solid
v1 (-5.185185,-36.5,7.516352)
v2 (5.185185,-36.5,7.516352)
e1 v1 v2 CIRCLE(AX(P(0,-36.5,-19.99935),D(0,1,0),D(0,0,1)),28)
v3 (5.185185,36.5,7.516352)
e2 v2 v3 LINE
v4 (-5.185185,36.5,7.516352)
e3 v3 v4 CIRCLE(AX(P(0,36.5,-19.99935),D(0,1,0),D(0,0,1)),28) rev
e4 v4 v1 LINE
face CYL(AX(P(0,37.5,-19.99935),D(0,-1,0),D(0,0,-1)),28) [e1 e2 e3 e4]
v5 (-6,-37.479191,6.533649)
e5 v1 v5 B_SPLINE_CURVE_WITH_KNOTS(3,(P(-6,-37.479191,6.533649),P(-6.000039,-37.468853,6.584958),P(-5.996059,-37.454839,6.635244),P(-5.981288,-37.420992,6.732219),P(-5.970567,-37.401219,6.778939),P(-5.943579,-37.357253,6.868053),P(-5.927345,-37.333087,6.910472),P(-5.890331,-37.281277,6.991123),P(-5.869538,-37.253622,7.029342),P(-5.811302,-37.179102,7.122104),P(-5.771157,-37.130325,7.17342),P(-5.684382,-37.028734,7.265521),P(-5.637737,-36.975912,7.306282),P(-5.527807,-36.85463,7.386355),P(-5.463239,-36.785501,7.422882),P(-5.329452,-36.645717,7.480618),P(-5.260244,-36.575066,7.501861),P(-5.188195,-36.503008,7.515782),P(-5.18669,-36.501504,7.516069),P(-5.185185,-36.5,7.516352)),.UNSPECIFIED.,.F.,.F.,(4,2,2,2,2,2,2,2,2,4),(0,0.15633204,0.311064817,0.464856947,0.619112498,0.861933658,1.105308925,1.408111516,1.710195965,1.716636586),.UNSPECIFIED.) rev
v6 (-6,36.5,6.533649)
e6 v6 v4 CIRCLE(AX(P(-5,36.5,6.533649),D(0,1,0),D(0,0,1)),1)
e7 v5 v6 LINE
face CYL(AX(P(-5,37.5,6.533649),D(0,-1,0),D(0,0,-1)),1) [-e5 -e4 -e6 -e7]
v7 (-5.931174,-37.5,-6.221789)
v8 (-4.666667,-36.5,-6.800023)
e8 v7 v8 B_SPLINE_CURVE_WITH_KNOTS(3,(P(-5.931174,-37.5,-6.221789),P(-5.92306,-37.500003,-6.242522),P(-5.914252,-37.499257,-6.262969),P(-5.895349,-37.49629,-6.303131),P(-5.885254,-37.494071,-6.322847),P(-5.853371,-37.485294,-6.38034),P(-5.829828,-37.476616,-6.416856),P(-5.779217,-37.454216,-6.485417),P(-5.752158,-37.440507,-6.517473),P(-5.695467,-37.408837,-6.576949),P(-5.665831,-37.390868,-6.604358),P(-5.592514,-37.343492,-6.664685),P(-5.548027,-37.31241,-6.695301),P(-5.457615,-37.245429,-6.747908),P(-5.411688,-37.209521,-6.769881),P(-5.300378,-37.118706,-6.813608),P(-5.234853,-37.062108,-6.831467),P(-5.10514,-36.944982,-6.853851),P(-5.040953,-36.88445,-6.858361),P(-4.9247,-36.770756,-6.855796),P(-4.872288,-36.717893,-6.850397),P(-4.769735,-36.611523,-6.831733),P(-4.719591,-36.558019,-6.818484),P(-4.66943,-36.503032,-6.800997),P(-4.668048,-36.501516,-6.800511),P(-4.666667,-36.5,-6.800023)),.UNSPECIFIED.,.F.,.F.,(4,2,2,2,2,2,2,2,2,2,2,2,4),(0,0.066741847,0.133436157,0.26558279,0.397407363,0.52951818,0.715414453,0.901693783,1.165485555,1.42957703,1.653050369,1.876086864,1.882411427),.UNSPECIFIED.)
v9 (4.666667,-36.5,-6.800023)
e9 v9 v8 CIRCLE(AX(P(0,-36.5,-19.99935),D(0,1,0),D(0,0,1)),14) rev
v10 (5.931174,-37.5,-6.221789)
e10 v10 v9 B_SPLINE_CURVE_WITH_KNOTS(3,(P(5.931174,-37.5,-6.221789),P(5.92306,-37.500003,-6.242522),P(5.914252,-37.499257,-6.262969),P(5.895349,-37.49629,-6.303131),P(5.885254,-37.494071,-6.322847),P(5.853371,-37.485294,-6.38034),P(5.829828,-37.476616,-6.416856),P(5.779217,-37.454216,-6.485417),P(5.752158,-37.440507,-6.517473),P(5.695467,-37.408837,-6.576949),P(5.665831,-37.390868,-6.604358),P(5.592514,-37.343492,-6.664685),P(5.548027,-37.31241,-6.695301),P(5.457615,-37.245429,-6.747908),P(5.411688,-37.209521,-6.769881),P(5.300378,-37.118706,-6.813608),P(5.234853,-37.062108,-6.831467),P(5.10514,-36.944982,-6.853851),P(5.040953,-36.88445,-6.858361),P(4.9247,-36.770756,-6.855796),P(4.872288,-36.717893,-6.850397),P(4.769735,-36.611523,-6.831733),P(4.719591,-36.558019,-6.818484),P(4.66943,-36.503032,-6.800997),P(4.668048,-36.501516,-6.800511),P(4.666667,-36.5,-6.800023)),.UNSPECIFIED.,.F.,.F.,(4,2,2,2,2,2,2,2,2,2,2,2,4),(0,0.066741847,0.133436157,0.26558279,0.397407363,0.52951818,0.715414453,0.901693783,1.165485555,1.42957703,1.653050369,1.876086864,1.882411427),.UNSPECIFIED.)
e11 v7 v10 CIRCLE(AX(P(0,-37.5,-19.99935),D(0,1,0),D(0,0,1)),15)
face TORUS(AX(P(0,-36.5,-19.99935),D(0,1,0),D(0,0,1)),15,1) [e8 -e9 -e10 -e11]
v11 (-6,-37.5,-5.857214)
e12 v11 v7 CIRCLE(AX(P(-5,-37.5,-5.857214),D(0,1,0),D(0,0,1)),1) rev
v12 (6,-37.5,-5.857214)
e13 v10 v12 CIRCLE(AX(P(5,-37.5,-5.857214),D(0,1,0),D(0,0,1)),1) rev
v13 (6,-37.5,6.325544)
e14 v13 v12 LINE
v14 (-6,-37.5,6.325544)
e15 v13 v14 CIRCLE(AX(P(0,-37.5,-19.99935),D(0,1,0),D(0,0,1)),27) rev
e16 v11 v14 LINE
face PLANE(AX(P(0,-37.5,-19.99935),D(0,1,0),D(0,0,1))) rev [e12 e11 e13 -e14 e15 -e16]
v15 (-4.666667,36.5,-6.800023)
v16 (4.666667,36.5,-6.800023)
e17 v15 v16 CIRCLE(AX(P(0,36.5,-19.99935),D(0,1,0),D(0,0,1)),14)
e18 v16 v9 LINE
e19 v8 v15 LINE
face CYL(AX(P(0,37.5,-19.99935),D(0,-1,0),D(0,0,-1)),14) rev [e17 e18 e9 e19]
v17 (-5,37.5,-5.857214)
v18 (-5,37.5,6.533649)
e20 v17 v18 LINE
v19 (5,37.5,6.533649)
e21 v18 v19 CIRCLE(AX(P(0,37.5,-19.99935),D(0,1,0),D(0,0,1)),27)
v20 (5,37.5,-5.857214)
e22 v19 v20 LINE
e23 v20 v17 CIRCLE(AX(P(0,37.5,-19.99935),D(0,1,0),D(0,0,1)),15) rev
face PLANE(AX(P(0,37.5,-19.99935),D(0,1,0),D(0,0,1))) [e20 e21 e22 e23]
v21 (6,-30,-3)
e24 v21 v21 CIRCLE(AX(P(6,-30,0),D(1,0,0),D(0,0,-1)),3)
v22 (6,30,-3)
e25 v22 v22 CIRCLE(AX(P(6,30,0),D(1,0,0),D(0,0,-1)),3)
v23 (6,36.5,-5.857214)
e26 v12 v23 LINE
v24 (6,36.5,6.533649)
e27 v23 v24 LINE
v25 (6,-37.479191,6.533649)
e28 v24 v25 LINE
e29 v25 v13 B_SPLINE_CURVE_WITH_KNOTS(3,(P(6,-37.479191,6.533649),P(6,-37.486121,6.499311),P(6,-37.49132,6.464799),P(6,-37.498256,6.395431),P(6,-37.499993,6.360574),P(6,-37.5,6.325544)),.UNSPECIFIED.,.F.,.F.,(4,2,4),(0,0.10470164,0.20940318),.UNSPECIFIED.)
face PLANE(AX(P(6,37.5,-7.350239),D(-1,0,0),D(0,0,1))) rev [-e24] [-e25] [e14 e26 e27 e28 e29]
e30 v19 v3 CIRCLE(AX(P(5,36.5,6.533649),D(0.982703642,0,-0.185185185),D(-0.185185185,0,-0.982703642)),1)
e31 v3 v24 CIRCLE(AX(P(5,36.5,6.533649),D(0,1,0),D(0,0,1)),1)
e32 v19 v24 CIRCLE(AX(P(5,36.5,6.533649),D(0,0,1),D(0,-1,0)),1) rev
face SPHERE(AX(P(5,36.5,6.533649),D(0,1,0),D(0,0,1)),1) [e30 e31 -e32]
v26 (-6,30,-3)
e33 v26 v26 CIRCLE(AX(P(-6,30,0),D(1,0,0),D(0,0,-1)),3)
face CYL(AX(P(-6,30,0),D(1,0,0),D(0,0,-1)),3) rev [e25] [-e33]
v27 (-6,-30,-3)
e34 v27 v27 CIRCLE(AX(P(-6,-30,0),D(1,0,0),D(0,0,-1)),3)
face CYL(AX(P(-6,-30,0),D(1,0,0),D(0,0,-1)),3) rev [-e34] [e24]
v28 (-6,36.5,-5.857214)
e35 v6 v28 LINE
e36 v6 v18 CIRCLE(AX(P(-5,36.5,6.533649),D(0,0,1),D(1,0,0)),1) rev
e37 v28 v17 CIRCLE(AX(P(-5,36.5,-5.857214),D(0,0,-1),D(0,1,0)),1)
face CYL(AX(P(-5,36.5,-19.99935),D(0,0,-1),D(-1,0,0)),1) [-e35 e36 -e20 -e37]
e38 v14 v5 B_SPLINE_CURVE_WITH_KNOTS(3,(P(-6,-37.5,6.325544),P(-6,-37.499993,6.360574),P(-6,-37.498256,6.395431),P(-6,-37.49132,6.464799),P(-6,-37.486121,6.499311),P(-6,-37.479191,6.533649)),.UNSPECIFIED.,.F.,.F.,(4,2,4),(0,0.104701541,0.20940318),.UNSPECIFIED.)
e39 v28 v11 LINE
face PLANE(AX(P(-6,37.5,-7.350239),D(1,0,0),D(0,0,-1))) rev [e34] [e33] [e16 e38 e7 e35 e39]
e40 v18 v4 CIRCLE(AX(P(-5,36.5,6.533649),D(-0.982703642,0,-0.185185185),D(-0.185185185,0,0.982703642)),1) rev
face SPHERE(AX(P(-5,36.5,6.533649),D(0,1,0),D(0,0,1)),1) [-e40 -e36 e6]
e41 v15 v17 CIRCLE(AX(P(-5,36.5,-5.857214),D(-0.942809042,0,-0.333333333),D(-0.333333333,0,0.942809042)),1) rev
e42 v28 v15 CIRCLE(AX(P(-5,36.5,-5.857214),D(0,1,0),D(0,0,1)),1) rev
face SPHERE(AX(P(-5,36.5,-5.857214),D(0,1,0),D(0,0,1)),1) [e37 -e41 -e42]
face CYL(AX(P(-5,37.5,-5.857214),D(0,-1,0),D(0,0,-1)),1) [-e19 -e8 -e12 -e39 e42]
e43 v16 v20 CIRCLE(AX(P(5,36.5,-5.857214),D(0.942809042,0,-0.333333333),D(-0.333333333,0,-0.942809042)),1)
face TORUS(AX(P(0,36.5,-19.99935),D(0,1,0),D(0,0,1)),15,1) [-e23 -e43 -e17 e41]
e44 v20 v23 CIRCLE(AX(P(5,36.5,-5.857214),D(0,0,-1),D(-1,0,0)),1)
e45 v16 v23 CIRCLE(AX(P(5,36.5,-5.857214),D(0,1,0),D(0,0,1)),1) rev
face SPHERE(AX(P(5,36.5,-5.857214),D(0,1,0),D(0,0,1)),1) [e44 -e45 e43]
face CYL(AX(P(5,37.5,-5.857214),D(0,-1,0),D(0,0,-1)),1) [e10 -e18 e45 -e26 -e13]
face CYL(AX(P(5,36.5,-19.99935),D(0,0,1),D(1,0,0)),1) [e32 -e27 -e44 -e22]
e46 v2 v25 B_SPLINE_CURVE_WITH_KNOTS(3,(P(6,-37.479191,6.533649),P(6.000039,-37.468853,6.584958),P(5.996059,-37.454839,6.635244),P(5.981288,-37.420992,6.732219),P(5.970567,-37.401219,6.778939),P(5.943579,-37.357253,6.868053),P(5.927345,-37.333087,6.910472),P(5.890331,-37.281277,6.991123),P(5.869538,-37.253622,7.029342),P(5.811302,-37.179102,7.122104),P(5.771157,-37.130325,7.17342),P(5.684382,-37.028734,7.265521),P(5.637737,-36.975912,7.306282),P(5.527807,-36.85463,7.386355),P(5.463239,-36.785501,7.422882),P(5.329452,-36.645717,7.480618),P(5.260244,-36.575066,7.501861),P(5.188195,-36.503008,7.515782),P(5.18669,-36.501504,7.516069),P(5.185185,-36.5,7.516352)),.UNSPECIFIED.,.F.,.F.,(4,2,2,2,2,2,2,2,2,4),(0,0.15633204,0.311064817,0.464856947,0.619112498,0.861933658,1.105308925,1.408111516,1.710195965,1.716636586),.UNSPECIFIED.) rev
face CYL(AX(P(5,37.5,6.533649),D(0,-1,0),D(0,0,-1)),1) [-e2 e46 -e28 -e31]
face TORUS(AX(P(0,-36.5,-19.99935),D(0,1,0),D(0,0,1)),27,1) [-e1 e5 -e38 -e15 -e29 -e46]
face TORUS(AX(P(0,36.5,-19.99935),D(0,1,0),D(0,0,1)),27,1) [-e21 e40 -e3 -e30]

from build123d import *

# Parameters (mm, degrees)
BOSS_EXTRUDE1_DEPTH     = 37.5
CUT_EXTRUDE1_DEPTH      = 39.810570802
CUT_EXTRUDE1_DEPTH_BACK = 39.810570802
SKETCH2_R               = 3
FILLET1_R               = 1


with BuildPart() as part:
    # Sketch1 → Boss-Extrude1 (new, symmetric)
    with BuildSketch(Plane(origin=(0, 0, 0), x_dir=(1, 0, 0), z_dir=(0, 1, 0))):
        with BuildLine():
            Line((-6, 7.350239011), (-6, -7.350239011))
            ThreePointArc((-6, -7.350239011), (0, -8.000650348), (6, -7.350239011))
            Line((6, -7.350239011), (6, 7.350239011))
            ThreePointArc((6, 7.350239011), (0, 5.999349652), (-6, 7.350239011))
        make_face()
    extrude(amount=BOSS_EXTRUDE1_DEPTH, both=True)

    # Sketch2 → Cut-Extrude1 (cut, two sides: drawn at the far end of the back side and taken through both)
    with BuildSketch(Plane(origin=(0, 0, 0), x_dir=(0, 0, -1), z_dir=(1, 0, 0)).offset(-CUT_EXTRUDE1_DEPTH_BACK)):
        with Locations((0, 30)):
            Circle(SKETCH2_R)
        with Locations((0, -30)):
            Circle(SKETCH2_R)
    extrude(amount=CUT_EXTRUDE1_DEPTH + CUT_EXTRUDE1_DEPTH_BACK, mode=Mode.SUBTRACT)

    # Fillet1
    fillet1_edges = [part.edges().sort_by_distance(p)[0] for p in [
        (0, 37.5, 8.000650348),
        (6, 37.5, 0),
        (0, 37.5, -5.999349652),
        (0, -37.5, 8.000650348),
        (0, -37.5, -5.999349652),
        (6, 0, -7.350239011),
        (6, 0, 7.350239011),
        (-6, 0, 7.350239011),
        (-6, 0, -7.350239011),
        (-6, 37.5, 0),
    ]]
    fillet(fillet1_edges, radius=FILLET1_R)


solid = part.part
